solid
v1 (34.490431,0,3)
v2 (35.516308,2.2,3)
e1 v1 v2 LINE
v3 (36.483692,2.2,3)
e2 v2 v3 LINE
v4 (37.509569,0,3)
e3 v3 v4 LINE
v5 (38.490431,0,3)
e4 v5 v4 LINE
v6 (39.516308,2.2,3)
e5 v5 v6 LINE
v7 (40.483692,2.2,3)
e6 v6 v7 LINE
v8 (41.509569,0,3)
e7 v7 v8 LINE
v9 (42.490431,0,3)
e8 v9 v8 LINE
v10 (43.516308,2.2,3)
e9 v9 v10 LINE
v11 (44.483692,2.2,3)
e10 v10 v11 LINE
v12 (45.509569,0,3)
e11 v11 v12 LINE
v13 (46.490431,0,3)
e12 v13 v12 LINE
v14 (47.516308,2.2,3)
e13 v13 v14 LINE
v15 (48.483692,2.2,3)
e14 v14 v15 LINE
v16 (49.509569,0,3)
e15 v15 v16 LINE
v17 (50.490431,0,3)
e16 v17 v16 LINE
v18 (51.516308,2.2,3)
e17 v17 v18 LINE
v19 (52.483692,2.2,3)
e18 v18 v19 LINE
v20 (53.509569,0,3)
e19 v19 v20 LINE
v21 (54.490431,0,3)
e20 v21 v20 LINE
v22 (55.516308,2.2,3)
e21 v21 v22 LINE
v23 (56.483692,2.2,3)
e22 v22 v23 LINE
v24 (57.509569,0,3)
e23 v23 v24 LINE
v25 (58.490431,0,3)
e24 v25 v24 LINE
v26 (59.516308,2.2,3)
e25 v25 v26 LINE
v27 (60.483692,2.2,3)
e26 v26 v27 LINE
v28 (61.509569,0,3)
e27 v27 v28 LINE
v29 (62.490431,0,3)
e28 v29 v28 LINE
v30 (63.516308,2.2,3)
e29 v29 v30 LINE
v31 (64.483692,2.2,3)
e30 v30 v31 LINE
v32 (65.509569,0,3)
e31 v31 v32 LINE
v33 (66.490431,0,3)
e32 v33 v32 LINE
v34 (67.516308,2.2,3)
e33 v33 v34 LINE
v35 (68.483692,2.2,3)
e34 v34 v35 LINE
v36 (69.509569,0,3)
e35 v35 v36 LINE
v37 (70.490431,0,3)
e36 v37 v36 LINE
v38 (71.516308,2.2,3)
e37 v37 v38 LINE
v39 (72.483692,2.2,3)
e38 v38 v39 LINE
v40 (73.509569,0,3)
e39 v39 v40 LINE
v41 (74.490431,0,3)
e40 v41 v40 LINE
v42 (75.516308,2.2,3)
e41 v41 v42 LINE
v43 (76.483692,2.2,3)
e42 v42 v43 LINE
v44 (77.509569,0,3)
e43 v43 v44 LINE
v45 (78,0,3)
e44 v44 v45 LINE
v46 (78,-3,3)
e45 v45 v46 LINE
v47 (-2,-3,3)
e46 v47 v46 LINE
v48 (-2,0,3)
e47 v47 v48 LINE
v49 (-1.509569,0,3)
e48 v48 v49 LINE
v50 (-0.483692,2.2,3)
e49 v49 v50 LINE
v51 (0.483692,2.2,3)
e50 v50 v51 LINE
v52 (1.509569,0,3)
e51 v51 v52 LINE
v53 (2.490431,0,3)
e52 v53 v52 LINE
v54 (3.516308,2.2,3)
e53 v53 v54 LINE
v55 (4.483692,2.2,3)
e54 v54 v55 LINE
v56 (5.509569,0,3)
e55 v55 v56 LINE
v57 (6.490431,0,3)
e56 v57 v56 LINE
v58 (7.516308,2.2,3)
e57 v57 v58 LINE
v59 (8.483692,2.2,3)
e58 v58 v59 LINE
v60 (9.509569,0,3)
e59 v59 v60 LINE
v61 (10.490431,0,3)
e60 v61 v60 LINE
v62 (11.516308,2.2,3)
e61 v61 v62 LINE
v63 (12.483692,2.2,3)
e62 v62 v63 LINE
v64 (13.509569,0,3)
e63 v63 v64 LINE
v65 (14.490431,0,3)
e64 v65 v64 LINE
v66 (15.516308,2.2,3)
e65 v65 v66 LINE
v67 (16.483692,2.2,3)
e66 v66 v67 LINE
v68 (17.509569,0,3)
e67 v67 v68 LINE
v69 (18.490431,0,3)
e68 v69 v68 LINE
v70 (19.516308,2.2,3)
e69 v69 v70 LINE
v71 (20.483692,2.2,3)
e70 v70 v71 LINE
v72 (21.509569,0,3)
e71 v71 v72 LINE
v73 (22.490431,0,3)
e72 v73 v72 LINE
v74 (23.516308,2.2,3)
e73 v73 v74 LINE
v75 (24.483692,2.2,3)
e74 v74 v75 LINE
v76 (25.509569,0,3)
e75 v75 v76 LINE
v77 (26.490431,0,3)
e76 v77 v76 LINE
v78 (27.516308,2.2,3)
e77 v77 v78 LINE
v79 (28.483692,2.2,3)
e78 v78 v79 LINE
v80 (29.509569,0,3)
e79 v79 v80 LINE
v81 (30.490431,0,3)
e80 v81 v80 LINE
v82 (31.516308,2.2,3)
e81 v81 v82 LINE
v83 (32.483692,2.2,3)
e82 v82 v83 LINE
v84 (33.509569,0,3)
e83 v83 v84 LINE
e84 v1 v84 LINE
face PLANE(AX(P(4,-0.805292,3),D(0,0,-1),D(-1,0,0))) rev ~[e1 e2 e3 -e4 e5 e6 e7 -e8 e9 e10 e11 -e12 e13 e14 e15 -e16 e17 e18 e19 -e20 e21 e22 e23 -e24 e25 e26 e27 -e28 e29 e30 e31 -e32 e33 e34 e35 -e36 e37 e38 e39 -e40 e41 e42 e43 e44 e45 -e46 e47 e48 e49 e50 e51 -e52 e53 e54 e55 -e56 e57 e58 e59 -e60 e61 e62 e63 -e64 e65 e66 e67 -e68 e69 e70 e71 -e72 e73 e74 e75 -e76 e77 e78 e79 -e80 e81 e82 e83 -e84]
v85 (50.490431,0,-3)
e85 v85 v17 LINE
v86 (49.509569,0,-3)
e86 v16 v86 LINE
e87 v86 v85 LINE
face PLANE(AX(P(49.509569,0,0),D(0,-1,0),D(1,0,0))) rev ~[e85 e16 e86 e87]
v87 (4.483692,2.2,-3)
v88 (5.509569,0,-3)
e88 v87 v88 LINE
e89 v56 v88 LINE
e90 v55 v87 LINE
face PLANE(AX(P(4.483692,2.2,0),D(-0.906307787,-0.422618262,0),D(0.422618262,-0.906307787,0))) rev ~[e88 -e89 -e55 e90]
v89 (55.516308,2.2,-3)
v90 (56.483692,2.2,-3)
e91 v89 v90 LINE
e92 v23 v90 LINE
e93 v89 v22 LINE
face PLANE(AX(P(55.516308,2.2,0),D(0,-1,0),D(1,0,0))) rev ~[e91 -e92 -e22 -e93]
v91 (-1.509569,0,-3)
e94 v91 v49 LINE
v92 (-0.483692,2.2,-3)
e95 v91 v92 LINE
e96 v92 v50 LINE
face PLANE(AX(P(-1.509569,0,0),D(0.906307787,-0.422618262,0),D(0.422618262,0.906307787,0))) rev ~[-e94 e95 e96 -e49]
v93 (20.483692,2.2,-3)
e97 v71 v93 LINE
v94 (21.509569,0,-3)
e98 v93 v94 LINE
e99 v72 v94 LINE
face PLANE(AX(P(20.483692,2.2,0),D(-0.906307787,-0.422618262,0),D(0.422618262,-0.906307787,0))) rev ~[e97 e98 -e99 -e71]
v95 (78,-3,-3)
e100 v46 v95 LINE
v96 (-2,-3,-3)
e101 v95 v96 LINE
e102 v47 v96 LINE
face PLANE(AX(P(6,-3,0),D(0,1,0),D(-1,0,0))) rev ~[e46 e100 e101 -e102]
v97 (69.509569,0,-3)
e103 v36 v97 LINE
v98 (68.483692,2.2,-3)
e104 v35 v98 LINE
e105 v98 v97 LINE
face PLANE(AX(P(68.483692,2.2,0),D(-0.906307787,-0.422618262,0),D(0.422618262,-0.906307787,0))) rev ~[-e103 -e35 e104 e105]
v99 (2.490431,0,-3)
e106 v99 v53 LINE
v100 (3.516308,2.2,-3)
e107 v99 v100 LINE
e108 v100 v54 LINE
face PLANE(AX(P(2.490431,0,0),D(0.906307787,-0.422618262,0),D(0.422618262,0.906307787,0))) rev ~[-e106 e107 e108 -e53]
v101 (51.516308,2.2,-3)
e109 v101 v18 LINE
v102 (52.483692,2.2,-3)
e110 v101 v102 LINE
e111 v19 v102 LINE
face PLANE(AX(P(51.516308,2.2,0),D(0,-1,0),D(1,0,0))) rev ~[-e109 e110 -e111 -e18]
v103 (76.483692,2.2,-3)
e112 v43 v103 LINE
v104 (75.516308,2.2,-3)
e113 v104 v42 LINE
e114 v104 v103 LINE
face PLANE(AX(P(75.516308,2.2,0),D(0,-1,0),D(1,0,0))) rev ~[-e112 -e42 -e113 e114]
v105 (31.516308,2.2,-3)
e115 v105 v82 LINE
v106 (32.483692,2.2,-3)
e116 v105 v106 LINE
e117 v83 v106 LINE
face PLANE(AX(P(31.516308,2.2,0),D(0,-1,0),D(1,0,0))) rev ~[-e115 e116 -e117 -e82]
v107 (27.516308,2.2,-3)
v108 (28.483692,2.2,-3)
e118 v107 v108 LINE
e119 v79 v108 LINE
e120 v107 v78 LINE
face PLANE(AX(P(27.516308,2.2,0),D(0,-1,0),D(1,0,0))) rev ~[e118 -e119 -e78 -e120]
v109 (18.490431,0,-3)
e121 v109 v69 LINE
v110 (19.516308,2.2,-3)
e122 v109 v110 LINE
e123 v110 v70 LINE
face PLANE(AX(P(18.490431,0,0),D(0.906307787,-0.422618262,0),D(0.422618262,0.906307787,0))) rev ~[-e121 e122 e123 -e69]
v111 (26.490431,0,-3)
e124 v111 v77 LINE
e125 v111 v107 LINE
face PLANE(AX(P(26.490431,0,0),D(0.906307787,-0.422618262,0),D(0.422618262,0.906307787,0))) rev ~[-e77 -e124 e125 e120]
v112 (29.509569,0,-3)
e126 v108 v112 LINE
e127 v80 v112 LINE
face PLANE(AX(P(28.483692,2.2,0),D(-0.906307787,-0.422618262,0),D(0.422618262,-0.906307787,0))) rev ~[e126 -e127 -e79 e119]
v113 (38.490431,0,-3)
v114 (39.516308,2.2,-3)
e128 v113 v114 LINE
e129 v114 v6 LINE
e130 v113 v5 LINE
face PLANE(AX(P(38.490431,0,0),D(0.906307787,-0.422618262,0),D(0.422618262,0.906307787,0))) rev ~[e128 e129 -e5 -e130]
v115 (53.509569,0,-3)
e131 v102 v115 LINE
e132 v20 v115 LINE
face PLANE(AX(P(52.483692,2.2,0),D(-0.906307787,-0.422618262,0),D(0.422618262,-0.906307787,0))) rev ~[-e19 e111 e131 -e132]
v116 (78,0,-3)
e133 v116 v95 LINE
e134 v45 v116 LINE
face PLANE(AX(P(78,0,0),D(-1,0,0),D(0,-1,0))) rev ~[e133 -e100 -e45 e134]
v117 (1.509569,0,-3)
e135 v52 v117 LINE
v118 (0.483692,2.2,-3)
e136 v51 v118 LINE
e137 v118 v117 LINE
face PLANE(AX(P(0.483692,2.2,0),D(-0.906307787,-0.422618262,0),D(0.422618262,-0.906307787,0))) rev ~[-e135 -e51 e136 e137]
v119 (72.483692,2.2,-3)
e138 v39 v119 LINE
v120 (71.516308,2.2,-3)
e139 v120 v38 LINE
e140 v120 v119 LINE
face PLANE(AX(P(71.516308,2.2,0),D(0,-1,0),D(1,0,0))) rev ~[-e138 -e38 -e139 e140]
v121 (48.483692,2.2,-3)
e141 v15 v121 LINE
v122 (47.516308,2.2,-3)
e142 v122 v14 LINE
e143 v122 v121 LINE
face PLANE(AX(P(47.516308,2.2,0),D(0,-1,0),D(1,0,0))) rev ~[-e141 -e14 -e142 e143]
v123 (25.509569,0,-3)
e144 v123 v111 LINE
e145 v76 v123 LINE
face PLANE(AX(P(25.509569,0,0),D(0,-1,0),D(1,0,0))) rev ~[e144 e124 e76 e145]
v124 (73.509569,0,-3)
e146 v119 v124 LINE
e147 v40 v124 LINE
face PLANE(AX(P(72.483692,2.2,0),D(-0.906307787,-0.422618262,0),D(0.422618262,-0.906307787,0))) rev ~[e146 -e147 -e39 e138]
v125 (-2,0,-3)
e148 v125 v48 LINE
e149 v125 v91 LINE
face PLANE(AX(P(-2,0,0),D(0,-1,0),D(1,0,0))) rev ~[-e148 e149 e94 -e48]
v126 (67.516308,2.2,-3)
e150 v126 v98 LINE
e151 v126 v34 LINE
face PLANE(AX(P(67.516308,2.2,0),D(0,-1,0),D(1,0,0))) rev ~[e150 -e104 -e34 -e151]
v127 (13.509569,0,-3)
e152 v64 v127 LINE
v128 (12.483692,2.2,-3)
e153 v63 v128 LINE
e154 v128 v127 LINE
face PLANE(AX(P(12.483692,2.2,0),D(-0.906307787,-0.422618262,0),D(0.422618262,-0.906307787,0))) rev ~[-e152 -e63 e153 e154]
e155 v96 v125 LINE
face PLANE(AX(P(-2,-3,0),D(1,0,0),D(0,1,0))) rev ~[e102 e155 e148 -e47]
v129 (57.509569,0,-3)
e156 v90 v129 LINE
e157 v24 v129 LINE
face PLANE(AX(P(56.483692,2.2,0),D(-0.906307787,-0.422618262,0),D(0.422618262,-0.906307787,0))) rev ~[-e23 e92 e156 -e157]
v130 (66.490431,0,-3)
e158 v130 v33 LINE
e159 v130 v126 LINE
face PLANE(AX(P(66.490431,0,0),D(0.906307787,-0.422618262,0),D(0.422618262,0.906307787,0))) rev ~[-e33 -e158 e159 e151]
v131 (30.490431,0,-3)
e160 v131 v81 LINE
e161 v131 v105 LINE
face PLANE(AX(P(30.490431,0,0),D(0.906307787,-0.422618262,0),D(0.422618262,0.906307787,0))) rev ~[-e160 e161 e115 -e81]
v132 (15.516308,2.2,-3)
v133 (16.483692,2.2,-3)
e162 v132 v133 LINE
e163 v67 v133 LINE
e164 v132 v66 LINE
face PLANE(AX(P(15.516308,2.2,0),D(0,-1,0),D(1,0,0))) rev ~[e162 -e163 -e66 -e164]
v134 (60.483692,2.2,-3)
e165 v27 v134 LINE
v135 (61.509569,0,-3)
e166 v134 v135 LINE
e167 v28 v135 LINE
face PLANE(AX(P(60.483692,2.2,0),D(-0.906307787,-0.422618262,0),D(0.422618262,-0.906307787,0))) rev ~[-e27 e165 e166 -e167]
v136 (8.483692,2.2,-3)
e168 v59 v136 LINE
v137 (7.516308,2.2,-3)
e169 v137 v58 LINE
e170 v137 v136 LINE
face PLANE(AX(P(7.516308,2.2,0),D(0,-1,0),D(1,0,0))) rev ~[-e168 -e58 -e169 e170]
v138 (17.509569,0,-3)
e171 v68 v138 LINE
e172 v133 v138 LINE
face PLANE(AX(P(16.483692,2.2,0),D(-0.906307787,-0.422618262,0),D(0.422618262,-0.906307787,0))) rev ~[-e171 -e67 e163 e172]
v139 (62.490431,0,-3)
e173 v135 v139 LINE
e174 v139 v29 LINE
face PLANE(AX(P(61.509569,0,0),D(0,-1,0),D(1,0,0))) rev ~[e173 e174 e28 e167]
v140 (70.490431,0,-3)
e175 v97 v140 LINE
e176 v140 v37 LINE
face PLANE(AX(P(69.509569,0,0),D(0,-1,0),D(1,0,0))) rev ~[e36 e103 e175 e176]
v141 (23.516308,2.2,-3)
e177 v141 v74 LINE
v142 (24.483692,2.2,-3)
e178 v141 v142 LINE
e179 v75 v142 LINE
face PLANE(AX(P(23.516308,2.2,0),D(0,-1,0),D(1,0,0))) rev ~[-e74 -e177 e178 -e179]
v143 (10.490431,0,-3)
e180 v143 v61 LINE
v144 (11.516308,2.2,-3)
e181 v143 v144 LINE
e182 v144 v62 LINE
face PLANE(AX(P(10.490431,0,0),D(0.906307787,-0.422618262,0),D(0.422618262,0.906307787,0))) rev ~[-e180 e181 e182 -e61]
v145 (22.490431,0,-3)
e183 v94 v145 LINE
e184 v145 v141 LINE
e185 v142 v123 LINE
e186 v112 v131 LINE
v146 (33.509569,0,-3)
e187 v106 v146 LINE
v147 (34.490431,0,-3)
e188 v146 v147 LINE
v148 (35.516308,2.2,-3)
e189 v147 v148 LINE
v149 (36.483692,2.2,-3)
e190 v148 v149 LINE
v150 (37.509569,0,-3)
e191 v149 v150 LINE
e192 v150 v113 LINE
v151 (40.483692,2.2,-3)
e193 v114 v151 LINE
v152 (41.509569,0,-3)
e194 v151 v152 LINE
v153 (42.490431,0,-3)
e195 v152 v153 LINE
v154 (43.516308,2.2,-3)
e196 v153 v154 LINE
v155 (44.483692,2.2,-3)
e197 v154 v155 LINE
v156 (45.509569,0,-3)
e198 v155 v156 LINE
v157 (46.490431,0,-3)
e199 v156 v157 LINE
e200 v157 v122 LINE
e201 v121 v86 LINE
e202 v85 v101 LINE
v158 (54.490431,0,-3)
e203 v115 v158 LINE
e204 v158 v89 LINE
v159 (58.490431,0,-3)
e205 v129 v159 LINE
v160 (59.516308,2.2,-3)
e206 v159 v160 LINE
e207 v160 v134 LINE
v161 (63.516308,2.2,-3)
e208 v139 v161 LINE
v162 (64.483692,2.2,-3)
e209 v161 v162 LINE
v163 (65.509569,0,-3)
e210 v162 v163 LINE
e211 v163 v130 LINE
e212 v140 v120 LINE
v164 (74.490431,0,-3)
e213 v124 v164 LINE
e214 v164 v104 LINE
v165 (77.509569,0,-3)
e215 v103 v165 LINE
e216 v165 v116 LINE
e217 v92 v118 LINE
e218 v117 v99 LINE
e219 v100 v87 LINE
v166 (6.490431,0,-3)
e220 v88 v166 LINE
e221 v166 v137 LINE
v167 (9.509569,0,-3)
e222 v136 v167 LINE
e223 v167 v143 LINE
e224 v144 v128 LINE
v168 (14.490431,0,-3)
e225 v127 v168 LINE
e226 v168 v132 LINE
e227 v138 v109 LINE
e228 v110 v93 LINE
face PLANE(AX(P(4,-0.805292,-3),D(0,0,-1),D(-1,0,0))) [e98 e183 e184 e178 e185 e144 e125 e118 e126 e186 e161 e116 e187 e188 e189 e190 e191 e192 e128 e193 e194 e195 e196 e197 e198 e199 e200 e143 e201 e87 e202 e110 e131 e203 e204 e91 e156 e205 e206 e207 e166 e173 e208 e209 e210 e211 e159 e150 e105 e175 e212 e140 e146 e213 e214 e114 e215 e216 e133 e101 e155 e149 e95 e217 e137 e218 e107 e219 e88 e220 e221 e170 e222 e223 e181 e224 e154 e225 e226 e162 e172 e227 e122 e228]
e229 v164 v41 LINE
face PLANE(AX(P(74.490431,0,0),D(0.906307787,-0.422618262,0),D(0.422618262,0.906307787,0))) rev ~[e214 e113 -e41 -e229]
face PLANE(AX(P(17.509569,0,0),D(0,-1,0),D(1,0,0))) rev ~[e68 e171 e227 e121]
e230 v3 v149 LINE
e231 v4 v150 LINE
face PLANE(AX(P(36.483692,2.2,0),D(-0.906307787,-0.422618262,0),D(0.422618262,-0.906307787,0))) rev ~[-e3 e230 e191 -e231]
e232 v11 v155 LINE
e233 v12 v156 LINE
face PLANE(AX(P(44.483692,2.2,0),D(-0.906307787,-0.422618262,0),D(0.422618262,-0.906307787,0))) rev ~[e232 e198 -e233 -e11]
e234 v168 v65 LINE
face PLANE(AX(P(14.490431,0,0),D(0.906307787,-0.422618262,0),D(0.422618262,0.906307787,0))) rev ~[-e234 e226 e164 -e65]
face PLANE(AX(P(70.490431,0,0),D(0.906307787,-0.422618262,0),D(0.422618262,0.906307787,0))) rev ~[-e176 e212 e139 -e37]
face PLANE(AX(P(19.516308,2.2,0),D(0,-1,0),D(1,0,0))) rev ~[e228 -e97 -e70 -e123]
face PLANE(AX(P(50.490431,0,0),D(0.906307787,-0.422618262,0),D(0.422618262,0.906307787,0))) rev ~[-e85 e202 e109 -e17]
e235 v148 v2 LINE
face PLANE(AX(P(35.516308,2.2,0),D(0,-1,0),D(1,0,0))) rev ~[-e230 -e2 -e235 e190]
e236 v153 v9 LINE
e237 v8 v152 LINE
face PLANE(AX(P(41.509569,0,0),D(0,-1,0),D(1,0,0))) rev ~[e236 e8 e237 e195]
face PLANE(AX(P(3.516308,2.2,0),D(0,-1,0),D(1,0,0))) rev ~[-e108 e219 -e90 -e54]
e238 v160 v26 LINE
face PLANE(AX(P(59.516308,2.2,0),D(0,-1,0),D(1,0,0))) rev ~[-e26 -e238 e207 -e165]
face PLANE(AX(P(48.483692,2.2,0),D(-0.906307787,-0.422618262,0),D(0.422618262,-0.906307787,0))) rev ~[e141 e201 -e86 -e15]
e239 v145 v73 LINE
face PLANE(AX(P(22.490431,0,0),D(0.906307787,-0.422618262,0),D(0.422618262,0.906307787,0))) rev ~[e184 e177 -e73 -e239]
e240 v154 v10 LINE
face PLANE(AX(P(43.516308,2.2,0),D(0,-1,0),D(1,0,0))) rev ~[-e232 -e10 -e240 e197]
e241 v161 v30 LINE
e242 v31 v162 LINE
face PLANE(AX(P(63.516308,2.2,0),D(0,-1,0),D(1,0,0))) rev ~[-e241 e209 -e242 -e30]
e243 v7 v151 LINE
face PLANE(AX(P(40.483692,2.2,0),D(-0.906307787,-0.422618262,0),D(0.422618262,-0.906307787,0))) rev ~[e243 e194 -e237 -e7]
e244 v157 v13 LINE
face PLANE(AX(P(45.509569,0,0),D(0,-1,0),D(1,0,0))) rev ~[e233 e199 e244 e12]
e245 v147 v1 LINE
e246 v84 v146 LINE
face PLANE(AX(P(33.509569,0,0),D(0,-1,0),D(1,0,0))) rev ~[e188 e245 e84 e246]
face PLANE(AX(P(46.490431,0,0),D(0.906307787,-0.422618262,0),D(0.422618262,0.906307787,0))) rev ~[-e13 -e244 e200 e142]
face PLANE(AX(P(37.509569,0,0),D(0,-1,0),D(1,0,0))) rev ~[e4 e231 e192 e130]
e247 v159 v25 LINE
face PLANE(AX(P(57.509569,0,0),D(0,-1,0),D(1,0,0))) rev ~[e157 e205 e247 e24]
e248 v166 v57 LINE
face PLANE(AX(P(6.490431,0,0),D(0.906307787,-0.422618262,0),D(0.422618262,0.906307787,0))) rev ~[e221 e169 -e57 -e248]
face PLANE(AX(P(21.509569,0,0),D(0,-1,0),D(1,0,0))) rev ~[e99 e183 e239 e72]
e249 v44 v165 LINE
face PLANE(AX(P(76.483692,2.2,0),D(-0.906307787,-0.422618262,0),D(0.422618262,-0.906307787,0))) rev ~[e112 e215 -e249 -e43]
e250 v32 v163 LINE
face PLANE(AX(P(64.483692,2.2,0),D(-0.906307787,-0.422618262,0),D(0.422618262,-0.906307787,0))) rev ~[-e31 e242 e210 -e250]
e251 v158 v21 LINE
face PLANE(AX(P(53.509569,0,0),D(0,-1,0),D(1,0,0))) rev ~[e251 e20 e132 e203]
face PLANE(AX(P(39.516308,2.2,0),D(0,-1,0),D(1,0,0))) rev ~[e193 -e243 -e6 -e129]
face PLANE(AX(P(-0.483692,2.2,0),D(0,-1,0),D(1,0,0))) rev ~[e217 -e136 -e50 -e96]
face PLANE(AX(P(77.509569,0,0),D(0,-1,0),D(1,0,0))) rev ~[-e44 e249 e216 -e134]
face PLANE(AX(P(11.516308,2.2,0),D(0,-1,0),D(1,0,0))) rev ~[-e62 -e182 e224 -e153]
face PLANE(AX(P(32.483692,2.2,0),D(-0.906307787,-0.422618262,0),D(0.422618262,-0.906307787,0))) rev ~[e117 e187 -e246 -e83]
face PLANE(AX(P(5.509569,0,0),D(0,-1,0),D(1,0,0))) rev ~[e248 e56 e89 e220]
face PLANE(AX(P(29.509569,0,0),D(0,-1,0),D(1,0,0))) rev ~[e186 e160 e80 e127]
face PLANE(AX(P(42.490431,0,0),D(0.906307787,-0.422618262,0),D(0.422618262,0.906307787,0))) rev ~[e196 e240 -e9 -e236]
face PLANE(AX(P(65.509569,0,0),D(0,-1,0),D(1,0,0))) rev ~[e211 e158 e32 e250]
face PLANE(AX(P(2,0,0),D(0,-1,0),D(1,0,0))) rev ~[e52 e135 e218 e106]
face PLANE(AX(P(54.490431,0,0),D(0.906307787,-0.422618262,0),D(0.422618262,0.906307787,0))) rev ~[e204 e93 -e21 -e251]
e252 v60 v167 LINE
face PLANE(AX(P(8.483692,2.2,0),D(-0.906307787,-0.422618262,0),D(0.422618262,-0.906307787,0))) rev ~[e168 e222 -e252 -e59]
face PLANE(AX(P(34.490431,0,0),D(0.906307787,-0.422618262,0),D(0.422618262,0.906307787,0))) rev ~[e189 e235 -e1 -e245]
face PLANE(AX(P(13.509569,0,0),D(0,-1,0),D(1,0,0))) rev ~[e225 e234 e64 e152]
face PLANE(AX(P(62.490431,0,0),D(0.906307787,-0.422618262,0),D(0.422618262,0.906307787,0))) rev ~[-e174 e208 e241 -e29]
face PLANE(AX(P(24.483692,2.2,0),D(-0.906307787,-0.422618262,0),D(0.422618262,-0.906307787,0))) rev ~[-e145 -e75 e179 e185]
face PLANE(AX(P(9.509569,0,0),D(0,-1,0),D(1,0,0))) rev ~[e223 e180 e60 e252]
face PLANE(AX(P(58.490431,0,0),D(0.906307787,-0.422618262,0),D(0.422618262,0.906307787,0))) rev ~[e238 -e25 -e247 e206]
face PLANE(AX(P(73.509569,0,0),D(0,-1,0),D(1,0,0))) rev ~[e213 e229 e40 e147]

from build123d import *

# Parameters (mm, degrees)
EXTRUDE_TOOTH_DEPTH = 3
PATTERN_TEETH_COUNT = 20
PATTERN_TEETH_PITCH = 4


with BuildPart() as part:
    # Sketch1 → Extrude Tooth (new, symmetric)
    with BuildSketch(Plane.XY):
        Polygon((-0.483692342, 2.2), (0.483692342, 2.2), (1.50956919, 0), (2, 0), (2, -3), (-2, -3), (-2, 0), (-1.50956919, 0), align=None)
    extrude_tooth = extrude(amount=EXTRUDE_TOOTH_DEPTH, both=True)

    # Pattern Teeth: Extrude Tooth ×20
    with Locations(*[(i * PATTERN_TEETH_PITCH, 0, 0) for i in range(1, PATTERN_TEETH_COUNT)]):
        add(extrude_tooth)


solid = part.part
